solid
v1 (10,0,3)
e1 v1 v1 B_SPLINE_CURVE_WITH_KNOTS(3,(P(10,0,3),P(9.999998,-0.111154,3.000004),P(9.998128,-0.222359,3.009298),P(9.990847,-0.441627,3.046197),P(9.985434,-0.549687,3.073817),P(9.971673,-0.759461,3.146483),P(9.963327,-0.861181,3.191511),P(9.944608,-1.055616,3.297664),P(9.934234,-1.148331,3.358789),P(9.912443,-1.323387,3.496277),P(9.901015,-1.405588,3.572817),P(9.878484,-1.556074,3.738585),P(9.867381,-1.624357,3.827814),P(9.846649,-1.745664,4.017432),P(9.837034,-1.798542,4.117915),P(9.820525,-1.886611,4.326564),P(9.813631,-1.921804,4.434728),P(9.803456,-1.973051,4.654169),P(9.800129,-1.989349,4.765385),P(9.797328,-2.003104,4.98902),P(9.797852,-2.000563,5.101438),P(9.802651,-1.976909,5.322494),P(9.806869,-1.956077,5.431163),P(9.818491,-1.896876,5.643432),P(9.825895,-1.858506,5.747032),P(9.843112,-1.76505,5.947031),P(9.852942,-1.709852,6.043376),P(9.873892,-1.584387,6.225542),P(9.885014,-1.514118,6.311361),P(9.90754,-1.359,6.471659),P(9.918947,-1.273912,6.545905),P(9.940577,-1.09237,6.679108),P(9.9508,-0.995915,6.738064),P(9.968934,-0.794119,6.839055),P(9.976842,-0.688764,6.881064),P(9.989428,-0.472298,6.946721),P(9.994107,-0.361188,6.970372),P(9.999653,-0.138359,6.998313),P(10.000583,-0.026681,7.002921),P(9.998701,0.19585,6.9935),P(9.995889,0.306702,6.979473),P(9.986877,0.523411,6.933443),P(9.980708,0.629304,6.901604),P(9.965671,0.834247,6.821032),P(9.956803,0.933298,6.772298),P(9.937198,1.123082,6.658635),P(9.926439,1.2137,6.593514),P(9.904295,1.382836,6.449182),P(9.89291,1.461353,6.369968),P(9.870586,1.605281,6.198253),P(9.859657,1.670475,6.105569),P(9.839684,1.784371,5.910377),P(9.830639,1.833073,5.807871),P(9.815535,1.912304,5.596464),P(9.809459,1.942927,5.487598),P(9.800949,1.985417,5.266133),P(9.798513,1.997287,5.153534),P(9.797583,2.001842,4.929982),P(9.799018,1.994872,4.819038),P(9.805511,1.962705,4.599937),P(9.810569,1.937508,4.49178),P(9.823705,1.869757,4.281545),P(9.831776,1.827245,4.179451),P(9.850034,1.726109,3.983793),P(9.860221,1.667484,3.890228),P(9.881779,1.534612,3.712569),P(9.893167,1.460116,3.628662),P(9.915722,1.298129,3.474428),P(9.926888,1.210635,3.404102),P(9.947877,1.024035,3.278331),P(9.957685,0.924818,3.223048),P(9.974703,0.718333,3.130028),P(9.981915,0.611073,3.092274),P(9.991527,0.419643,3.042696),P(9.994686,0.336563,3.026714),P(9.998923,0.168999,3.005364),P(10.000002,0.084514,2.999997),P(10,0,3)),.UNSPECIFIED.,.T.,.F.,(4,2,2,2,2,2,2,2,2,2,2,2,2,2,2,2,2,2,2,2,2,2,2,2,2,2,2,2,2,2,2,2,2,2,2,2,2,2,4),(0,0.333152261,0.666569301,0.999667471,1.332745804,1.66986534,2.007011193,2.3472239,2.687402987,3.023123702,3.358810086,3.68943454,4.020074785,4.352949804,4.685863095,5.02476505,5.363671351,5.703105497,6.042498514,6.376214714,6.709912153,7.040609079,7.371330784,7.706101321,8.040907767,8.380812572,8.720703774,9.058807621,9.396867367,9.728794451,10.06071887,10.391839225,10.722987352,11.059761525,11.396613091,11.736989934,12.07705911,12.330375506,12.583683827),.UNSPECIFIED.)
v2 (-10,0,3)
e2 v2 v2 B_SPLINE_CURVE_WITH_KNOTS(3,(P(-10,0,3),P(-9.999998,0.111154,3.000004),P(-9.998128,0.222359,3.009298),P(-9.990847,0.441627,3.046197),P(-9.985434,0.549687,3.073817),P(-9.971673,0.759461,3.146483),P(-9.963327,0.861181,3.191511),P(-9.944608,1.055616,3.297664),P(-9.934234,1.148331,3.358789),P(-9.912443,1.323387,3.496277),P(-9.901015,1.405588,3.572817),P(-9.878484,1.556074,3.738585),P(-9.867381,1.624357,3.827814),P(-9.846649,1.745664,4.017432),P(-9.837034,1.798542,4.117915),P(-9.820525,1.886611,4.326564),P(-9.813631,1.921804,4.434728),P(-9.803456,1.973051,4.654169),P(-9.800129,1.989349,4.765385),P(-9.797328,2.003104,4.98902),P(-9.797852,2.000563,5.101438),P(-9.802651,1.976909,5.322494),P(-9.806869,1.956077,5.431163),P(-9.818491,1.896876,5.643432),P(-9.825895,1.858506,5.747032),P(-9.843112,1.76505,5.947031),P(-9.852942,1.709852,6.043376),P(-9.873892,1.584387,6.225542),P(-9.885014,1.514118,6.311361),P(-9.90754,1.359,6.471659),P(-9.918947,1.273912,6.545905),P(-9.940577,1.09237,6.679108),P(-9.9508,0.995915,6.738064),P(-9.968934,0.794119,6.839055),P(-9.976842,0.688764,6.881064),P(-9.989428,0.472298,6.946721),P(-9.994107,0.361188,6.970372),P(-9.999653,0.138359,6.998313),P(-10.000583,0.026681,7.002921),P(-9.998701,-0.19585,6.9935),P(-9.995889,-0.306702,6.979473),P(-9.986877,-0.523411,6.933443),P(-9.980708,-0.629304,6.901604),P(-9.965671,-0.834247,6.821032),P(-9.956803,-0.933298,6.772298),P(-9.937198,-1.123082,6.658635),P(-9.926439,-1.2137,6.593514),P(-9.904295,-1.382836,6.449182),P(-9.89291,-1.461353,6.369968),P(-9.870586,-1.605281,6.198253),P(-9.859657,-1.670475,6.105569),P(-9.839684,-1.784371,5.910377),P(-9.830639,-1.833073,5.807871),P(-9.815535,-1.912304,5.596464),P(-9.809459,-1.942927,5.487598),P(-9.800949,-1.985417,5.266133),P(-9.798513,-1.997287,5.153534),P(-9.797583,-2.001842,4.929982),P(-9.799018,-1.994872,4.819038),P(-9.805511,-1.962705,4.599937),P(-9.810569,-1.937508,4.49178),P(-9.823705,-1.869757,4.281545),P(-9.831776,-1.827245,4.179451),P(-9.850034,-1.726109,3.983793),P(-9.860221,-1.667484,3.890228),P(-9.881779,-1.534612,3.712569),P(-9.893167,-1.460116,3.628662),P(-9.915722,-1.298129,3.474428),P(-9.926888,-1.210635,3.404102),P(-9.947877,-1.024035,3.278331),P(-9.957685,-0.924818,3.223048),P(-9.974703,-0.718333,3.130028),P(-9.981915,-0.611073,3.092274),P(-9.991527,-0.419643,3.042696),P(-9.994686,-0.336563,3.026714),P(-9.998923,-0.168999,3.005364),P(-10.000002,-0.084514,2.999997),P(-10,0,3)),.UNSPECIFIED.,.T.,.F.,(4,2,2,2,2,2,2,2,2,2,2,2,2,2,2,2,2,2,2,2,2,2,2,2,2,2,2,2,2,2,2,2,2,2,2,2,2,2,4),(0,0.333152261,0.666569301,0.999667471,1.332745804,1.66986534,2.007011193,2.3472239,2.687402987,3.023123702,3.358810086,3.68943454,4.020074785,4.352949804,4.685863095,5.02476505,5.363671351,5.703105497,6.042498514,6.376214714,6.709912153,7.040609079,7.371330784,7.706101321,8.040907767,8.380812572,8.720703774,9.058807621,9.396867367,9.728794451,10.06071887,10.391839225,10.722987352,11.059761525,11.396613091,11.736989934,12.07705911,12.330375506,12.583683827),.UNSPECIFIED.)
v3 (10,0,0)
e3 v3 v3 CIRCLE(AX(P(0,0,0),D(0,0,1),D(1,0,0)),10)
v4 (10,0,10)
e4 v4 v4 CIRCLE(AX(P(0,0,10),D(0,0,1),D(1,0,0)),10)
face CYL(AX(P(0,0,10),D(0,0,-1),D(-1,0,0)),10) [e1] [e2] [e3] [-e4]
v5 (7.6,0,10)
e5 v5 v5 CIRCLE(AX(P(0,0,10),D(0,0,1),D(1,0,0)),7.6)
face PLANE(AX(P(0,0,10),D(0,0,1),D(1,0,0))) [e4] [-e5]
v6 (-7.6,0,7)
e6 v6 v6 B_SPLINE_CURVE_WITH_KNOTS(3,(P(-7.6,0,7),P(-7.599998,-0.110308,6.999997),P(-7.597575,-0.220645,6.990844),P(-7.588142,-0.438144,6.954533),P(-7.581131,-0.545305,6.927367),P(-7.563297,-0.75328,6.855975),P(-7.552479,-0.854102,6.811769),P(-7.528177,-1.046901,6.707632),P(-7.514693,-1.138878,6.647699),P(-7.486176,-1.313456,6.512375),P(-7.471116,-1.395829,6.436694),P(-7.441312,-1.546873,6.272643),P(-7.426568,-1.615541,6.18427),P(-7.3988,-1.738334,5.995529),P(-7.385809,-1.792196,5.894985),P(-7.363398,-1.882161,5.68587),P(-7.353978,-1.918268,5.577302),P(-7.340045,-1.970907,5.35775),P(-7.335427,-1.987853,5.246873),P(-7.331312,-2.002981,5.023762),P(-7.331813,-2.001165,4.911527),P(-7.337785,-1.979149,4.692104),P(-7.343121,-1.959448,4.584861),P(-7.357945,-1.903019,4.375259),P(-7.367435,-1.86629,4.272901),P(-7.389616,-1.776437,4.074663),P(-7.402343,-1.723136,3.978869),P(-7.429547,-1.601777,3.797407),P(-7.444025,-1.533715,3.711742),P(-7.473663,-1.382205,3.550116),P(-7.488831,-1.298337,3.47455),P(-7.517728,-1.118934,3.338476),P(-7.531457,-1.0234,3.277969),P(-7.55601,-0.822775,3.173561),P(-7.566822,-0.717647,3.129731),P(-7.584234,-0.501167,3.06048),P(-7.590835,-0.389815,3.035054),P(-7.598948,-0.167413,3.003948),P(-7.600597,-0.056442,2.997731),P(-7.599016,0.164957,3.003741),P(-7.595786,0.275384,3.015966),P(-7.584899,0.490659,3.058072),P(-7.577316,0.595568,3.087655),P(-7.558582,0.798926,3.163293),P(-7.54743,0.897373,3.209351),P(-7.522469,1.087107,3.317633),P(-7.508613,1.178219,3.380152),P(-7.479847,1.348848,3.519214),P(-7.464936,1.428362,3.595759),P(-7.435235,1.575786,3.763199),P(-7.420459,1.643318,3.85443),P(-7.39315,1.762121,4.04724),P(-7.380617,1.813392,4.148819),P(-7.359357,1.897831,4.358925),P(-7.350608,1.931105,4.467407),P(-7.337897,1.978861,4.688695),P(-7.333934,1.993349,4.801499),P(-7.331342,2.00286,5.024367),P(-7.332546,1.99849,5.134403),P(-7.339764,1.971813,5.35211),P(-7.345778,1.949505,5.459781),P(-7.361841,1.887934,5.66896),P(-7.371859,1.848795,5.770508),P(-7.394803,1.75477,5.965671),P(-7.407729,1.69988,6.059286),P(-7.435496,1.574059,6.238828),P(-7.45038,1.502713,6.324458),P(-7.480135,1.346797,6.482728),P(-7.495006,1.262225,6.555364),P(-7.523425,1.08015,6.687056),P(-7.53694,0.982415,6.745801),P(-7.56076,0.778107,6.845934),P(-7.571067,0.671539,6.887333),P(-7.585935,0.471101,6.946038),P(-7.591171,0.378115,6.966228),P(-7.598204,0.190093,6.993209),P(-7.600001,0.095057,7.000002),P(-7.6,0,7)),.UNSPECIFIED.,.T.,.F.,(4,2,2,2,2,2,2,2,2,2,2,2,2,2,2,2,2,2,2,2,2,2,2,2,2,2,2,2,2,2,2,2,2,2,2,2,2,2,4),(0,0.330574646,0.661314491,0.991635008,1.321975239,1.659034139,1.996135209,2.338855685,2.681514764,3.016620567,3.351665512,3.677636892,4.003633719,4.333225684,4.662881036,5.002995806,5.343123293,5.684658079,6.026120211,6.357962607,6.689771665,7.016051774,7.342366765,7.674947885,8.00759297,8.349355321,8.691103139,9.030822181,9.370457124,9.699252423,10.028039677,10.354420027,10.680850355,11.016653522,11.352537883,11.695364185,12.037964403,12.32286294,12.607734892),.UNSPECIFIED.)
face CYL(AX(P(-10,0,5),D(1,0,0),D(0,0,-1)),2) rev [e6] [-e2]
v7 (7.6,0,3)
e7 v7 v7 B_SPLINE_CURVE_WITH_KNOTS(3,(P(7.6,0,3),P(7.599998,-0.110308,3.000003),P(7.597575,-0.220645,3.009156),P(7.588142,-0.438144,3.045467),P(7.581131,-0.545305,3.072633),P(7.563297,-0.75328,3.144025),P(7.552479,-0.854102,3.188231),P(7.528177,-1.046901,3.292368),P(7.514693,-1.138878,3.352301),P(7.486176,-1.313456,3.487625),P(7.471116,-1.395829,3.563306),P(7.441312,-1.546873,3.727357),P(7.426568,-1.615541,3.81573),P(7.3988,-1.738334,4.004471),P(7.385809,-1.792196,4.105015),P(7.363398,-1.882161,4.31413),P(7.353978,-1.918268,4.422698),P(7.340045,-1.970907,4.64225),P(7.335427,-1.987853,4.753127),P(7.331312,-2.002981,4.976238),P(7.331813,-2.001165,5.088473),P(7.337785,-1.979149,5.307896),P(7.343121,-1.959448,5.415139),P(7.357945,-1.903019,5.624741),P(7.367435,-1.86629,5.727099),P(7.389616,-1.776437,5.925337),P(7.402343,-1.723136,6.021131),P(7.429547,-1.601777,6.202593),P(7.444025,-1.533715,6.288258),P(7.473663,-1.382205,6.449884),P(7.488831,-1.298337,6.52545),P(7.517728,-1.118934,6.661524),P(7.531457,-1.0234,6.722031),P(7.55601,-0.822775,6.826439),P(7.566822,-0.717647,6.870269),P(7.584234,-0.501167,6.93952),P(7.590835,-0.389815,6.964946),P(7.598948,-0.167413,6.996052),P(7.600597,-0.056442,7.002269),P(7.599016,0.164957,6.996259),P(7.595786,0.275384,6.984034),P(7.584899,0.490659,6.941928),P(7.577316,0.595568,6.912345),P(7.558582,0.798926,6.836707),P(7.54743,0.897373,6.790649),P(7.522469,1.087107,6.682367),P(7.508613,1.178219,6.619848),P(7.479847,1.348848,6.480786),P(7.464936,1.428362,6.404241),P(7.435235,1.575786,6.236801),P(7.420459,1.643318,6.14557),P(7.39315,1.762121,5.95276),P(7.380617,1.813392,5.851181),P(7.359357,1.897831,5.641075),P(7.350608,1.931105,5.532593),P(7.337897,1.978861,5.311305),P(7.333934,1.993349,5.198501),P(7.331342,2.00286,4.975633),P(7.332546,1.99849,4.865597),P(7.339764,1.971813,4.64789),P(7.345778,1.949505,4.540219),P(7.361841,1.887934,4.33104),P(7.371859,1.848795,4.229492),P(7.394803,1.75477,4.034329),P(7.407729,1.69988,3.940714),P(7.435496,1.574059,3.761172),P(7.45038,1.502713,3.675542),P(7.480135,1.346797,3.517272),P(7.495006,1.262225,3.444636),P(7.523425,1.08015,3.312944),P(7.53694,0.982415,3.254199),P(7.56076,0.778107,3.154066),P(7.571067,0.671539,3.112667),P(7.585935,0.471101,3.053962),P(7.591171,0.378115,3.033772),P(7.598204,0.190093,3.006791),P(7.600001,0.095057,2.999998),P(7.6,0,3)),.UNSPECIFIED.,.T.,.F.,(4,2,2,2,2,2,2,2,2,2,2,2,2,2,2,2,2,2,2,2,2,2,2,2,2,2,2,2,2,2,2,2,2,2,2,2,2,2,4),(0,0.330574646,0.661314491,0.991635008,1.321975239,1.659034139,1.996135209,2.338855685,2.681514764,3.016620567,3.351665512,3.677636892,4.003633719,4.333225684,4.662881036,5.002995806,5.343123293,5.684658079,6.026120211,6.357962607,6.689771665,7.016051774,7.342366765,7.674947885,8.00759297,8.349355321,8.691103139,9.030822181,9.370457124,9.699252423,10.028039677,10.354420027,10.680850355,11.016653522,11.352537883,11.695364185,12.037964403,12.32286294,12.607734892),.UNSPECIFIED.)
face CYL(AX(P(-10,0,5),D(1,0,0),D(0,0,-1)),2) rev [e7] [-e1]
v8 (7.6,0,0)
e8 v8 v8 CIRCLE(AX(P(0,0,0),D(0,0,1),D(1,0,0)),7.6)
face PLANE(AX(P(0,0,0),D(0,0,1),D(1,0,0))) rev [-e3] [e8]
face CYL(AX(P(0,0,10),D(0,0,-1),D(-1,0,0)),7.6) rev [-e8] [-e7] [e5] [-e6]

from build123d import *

# Parameters (mm, degrees)
ESBO_O1_R                  = 10
ESBO_O1_R_2                = 7.6
RESSALTO_EXTRUS_O1_DEPTH   = 10
CORTE_EXTRUS_O1_DEPTH      = 18.320508076
CORTE_EXTRUS_O1_DEPTH_BACK = 18.320508076
ESBO_O2_R                  = 2


with BuildPart() as part:
    # Esboço1 → Ressalto-extrusão1 (new body)
    with BuildSketch(Plane.XY):
        Circle(ESBO_O1_R)
        Circle(ESBO_O1_R_2, mode=Mode.SUBTRACT)
    extrude(amount=RESSALTO_EXTRUS_O1_DEPTH)

    # Esboço2 → Corte-extrusão1 (cut, two sides: drawn at the far end of the back side and taken through both)
    with BuildSketch(Plane(origin=(0, 0, 0), x_dir=(0, 0, -1), z_dir=(1, 0, 0)).offset(-CORTE_EXTRUS_O1_DEPTH_BACK)):
        with Locations((-5, 0)):
            Circle(ESBO_O2_R)
    extrude(amount=CORTE_EXTRUS_O1_DEPTH + CORTE_EXTRUS_O1_DEPTH_BACK, mode=Mode.SUBTRACT)


solid = part.part
